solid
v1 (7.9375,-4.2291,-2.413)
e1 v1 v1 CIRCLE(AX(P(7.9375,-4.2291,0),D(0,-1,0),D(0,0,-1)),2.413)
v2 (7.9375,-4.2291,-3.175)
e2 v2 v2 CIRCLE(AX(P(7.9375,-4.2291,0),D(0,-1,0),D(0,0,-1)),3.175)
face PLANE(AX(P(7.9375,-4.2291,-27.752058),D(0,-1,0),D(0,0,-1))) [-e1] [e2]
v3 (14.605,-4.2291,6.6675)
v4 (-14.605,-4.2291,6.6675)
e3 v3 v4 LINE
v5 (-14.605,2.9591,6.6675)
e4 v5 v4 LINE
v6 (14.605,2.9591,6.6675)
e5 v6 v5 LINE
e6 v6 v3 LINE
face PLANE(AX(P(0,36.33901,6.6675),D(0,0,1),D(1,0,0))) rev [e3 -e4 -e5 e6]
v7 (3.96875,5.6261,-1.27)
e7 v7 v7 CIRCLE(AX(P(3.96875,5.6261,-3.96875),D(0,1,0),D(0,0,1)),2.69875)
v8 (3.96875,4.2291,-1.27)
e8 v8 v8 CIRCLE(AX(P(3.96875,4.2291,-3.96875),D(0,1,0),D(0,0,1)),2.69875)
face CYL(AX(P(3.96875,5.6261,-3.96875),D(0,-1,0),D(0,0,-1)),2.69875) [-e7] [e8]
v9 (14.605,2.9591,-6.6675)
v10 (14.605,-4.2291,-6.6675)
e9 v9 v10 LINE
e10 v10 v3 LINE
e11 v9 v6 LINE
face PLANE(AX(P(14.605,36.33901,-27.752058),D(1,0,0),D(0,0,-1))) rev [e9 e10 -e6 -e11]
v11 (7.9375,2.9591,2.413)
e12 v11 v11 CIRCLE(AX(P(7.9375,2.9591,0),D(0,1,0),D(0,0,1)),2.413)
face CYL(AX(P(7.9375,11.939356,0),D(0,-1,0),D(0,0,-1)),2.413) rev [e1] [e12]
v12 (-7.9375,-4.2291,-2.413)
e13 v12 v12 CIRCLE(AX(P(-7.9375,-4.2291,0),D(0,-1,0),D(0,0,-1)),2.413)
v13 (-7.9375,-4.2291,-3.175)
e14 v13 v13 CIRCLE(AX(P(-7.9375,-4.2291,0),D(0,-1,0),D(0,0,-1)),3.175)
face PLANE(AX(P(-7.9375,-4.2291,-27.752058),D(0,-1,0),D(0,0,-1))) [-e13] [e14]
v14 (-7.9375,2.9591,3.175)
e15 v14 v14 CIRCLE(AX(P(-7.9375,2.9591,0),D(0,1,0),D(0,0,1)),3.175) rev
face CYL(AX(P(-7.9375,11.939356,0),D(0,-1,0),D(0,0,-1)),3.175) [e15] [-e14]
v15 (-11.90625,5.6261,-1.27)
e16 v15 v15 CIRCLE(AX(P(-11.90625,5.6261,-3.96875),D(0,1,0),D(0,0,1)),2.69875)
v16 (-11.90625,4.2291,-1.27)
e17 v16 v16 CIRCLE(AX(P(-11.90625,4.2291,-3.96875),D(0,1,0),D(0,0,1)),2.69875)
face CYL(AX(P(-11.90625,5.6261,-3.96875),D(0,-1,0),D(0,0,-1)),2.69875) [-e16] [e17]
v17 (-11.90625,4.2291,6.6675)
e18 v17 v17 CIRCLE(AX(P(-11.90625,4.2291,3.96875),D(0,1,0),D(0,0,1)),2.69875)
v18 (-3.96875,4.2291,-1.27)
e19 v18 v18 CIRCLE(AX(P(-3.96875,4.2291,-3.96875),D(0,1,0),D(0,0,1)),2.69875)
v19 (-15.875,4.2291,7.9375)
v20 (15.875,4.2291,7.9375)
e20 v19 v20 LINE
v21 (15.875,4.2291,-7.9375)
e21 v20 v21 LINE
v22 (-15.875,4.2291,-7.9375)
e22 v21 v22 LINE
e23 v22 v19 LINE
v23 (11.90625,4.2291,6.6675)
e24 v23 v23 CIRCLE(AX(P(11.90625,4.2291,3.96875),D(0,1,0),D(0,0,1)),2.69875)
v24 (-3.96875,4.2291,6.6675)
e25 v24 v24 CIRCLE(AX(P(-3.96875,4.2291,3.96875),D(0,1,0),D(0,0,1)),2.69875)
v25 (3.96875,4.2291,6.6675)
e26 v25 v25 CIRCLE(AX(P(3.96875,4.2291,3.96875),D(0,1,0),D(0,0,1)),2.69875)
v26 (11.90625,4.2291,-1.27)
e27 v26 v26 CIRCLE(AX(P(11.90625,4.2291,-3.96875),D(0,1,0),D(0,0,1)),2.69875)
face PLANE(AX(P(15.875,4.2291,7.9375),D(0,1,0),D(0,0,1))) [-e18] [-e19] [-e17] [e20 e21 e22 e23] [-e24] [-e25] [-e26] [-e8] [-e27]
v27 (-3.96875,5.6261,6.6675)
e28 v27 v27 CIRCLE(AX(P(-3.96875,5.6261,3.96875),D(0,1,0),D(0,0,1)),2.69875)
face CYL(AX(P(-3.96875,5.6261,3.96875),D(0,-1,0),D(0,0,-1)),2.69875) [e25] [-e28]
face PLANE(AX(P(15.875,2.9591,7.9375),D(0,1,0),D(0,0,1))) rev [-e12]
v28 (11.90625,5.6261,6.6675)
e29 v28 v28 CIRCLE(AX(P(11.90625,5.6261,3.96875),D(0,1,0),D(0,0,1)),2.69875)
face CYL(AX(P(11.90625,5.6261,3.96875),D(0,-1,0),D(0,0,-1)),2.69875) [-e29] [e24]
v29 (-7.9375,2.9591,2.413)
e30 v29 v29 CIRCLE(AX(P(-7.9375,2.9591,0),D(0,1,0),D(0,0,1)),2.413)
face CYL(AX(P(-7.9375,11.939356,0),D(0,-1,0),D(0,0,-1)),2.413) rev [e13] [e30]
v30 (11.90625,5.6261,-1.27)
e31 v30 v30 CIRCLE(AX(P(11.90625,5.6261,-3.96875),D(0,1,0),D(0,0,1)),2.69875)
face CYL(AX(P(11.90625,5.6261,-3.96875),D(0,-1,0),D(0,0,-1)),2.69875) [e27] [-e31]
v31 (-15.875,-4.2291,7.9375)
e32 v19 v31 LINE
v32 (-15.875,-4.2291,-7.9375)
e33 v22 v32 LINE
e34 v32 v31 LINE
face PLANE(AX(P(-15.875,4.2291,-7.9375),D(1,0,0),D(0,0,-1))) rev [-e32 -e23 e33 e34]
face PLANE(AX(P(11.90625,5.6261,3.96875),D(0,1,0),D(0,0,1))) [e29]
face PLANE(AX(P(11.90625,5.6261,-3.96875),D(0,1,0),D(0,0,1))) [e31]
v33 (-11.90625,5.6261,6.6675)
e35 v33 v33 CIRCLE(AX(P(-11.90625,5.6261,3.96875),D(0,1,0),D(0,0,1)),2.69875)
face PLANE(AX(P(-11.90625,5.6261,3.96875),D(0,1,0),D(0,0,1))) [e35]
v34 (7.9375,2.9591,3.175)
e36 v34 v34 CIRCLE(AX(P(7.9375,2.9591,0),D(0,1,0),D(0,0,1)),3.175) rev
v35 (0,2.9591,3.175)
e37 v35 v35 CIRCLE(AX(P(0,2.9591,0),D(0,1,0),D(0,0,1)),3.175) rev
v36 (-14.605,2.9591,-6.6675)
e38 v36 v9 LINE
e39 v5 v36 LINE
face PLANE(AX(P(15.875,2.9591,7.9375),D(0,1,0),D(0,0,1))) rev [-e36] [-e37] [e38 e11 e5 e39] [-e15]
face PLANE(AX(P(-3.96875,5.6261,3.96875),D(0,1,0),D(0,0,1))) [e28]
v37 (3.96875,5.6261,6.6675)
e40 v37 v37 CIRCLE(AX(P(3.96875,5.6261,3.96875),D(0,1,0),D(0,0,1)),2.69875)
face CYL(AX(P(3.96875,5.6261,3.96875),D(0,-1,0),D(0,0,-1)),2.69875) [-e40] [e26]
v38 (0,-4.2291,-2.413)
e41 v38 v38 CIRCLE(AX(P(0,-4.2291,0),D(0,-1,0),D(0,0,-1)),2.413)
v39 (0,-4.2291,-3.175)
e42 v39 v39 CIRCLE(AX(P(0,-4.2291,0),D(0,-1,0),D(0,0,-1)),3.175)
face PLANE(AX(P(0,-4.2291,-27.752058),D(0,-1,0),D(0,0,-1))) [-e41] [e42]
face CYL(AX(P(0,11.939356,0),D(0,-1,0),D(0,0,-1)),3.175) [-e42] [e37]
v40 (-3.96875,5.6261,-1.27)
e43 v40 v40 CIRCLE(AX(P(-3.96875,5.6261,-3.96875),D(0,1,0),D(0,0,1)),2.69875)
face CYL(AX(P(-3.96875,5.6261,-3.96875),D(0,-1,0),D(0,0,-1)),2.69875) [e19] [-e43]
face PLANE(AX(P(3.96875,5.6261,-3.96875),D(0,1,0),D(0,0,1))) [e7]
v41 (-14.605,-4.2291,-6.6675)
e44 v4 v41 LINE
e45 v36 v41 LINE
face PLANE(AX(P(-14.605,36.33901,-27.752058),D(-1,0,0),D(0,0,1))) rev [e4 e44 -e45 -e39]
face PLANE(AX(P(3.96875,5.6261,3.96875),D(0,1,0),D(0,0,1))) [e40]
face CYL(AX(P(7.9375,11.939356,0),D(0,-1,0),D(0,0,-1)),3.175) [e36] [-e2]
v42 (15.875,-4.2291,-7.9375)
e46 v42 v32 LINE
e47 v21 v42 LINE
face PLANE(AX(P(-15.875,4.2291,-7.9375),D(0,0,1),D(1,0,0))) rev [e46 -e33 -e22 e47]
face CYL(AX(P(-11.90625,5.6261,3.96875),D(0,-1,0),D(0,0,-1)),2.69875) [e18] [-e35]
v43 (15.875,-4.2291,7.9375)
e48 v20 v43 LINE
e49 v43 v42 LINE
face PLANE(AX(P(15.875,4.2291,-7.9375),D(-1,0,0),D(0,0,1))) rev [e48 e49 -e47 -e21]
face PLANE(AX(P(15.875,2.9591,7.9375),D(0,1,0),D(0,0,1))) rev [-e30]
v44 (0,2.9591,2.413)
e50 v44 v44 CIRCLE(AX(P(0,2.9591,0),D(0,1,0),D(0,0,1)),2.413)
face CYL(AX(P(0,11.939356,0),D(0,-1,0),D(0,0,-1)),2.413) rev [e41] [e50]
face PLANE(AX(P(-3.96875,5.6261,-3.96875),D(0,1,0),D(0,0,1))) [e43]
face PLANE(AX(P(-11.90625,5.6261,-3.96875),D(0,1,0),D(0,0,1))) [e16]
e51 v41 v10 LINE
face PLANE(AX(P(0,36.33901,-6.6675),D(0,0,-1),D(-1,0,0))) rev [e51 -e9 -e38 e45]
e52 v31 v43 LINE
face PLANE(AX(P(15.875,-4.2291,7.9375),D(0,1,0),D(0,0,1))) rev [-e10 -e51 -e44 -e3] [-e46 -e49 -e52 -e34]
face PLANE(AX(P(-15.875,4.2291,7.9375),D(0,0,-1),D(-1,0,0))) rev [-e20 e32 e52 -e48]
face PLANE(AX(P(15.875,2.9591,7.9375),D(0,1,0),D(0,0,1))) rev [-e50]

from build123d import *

# Parameters (mm, degrees)
SKETCH1_W            = 31.75
SKETCH1_H            = 15.875
BOSS_EXTRUDE1_DEPTH  = 4.2291
SKETCH2_W            = 29.21
SKETCH2_H            = 13.335
SKETCH2_R            = 3.175
SKETCH2_R_2          = 2.413
CUT_EXTRUDE1_DEPTH   = 7.1882
SKETCH3_R            = 2.69875
BOSS_EXTRUDE2_DEPTH  = 1.397
LPATTERN1_COUNT      = 4
LPATTERN1_PITCH      = 7.9375
LPATTERN1_COUNT_DIR2 = 2
LPATTERN1_PITCH_DIR2 = 7.9375
SKETCH2_3_R          = 3.175
SKETCH2_3_R_2        = 2.413
BOSS_EXTRUDE3_DEPTH  = 7.1882
LPATTERN2_COUNT      = 2
LPATTERN2_PITCH      = 7.9375
LPATTERN2_COL_COUNT  = 2
LPATTERN2_COL_PITCH  = 7.9375


with BuildPart() as part:
    # Sketch1 → Boss-Extrude1 (new, symmetric)
    with BuildSketch(Plane(origin=(0, 0, 0), x_dir=(1, 0, 0), z_dir=(0, 1, 0))):
        Rectangle(SKETCH1_W, SKETCH1_H)
    extrude(amount=BOSS_EXTRUDE1_DEPTH, both=True)

    # Sketch2 → Cut-Extrude1 (cut)
    with BuildSketch(Plane.XZ.offset(4.2291)):
        Rectangle(SKETCH2_W, SKETCH2_H)
        Circle(SKETCH2_R, mode=Mode.SUBTRACT)
        Circle(SKETCH2_R)
        Circle(SKETCH2_R_2, mode=Mode.SUBTRACT)
        Circle(SKETCH2_R_2)
    extrude(amount=-CUT_EXTRUDE1_DEPTH, mode=Mode.SUBTRACT)

    # Sketch3 → Boss-Extrude2 (add)
    with BuildSketch(Plane(origin=(0, 4.2291, 0), x_dir=(1, 0, 0), z_dir=(0, 1, 0))):
        with Locations(Location((11.90625, -3.96875, 0), (0, 0, 270))):
            Circle(SKETCH3_R)
    boss_extrude2 = extrude(amount=BOSS_EXTRUDE2_DEPTH)

    # LPattern1: Boss-Extrude2 4 × 2
    with Locations(*[(-i * LPATTERN1_PITCH, 0, -j * LPATTERN1_PITCH_DIR2) for i in range(LPATTERN1_COUNT) for j in range(LPATTERN1_COUNT_DIR2) if (i, j) != (0, 0)]):
        add(boss_extrude2)

    # Sketch2<3> → Boss-Extrude3 (add)
    with BuildSketch(Plane.XZ.offset(4.2291)):
        with Locations(Location((0, 0, 0), (0, 0, 270))):
            Circle(SKETCH2_3_R)
        with Locations(Location((0, 0, 0), (0, 0, 270))):
            Circle(SKETCH2_3_R_2, mode=Mode.SUBTRACT)
    boss_extrude3 = extrude(amount=-BOSS_EXTRUDE3_DEPTH)

    # LPattern2: Boss-Extrude3 ×2
    with Locations(*[(i * LPATTERN2_PITCH, 0, 0) for i in range(1, LPATTERN2_COUNT)]):
        add(boss_extrude3)

    # LPattern2 col: Boss-Extrude3 ×2
    with Locations(*[(-i * LPATTERN2_COL_PITCH, 0, 0) for i in range(1, LPATTERN2_COL_COUNT)]):
        add(boss_extrude3)


solid = part.part
